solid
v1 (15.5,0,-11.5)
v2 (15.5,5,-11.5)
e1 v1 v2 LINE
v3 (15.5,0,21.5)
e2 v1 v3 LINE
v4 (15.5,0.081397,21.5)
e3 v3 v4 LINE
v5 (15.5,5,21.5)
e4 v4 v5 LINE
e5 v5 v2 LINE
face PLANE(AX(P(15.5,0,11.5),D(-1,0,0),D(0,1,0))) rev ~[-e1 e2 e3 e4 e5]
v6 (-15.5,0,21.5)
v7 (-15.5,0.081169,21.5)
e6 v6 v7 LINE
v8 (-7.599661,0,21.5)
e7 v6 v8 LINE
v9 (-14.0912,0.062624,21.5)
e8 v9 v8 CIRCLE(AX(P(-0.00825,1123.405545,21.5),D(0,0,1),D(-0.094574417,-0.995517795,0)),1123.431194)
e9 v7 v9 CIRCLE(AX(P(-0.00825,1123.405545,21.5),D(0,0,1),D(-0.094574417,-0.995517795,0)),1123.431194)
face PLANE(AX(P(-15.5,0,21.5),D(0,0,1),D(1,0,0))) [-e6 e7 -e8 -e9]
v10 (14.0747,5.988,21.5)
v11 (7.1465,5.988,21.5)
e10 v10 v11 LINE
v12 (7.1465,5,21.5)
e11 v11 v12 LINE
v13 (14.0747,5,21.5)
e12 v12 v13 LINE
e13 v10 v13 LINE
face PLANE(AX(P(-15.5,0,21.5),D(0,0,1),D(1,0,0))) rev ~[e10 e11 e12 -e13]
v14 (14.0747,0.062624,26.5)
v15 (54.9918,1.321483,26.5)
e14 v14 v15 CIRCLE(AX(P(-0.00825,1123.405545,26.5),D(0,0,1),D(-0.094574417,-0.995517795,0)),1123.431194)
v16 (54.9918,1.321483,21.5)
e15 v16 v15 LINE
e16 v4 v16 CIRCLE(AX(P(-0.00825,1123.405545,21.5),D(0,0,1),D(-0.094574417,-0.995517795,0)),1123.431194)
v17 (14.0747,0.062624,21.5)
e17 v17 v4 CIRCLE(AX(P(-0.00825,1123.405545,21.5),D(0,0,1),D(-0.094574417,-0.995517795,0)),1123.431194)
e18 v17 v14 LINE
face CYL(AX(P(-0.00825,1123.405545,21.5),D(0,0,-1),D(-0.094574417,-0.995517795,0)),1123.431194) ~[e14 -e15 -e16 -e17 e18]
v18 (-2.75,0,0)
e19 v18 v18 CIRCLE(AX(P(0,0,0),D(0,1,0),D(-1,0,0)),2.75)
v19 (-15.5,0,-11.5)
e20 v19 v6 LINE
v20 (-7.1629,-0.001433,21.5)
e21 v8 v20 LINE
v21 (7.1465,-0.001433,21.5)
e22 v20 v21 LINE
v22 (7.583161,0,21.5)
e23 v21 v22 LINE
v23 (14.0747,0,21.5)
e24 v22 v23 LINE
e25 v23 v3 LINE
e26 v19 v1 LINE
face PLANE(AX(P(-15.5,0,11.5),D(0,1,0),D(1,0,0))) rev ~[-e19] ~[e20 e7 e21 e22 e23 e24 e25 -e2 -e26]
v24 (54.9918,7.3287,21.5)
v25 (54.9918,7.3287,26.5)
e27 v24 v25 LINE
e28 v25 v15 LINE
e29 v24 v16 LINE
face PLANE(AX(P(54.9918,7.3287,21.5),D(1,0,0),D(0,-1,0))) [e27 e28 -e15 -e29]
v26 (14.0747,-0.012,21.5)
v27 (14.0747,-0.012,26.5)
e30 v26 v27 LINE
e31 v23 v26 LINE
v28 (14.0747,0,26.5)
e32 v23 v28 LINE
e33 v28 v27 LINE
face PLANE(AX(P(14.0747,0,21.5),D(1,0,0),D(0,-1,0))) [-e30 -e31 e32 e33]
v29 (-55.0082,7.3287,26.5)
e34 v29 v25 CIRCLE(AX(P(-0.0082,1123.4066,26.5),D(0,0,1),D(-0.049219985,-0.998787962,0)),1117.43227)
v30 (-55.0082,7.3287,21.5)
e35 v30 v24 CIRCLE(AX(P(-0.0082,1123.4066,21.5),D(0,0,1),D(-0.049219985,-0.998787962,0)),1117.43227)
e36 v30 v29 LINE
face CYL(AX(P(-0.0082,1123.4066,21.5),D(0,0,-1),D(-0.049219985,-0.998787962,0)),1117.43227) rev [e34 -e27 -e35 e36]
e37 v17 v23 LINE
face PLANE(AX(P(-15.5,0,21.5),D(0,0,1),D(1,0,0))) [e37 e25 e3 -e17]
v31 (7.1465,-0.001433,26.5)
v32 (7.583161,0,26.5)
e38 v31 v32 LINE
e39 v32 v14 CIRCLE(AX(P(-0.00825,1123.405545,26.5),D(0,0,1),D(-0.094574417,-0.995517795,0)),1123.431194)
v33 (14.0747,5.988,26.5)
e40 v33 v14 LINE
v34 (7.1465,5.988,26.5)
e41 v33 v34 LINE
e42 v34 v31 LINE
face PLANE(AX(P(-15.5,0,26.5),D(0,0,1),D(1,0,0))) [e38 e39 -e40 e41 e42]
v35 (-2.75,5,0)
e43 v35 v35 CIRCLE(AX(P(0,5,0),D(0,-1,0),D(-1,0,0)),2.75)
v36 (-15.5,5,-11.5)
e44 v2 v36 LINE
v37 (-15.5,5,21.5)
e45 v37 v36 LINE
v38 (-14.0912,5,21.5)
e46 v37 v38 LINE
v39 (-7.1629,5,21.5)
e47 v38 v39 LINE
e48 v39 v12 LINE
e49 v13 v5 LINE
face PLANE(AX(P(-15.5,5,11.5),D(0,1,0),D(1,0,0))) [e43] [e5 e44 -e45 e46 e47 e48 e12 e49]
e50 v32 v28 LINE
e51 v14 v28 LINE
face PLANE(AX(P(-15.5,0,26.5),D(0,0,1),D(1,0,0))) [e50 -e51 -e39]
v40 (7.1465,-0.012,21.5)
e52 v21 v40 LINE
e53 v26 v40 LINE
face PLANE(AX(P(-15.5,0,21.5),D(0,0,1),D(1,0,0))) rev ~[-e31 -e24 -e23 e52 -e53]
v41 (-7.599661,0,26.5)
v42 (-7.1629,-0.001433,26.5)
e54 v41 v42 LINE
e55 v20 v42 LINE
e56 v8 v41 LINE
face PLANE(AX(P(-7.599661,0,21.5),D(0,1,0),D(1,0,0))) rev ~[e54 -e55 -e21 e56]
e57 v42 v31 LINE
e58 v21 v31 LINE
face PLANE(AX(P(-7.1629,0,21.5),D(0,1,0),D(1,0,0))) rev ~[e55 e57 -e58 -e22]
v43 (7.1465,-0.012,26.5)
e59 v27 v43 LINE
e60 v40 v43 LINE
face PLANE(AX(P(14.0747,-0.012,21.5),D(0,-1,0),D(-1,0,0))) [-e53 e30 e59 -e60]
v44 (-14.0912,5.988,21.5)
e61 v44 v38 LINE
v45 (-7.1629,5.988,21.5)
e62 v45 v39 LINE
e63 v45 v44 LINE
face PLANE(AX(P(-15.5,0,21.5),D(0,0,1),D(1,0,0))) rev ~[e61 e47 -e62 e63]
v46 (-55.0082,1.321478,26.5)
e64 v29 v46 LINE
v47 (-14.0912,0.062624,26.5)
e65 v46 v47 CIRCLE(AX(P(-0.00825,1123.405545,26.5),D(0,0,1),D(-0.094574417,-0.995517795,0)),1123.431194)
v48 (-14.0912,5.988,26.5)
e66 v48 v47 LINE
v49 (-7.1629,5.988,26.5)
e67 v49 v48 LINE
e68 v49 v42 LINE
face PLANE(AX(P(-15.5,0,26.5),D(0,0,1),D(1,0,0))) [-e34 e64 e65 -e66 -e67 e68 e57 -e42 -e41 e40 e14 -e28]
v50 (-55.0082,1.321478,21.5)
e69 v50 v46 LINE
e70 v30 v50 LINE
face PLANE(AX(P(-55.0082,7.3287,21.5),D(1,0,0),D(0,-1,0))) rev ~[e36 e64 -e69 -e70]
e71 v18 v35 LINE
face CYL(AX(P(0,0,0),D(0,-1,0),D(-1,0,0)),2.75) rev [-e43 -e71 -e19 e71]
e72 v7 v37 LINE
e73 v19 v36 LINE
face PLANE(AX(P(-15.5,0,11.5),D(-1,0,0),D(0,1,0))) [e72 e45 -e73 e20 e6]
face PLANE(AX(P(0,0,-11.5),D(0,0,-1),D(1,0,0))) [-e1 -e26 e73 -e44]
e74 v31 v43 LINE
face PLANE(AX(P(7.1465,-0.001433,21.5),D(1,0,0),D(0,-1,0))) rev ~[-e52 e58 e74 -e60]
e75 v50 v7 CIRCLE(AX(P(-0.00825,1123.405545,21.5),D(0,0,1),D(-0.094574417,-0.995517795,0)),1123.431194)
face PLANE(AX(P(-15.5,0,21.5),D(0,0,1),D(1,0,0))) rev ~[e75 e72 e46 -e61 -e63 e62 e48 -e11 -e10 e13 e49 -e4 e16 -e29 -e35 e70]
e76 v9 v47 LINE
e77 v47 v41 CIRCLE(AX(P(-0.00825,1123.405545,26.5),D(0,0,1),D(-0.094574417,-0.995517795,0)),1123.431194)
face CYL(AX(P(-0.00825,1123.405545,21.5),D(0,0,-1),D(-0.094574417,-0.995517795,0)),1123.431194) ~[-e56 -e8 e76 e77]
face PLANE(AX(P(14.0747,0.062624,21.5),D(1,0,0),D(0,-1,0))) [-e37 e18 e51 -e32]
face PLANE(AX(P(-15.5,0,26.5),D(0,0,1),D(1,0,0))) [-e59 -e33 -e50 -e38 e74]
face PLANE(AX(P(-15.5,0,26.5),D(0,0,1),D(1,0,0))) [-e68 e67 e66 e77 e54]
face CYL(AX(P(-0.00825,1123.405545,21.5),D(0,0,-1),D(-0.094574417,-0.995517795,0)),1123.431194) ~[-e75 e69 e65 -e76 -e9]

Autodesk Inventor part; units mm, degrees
ref_plane "YZ-Ebene" through (0, 0, 0) normal (1, 0, 0) x (0, 1, 0)
ref_plane "XZ-Ebene" through (0, 0, 0) normal (0, 1, 0) x (-1, 0, 0)
ref_plane "XY-Ebene" through (0, 0, 0) normal (0, 0, 1) x (1, 0, 0)
sketch "Skizze1" plane through (0, 0, 0) normal (0, 1, 0) x (-1, 0, 0)
  line L0 (-15.5, 11.5) -> (15.5, 11.5)
  line L1 (15.5, 11.5) -> (15.5, -11.5)
  line L2 (15.5, -11.5) -> (-15.5, -11.5)
  line L3 (-15.5, -11.5) -> (-15.5, 11.5)
  line L4 (148.7552, 0) -> (-148.7387, 0) projected
  line L5 (0, -18.1) -> (0, 28.1) projected
  line L6 (0, -11.5) -> (0, 11.5)
  circle A0 centre (0, 0) radius 2.75
  dimension "d0" = 23
  dimension "d1" = 31
  dimension "d3" = 5.5
extrude "Extrusion1" add sketch "Skizze1" along normal blind 5 contours L0 L5 A0 L4 L3 | L0 L1 L4 A0 L5 | L4 A0 L5 L2 L3 | L1 L2 L5 A0 L4
sketch "Skizze2" plane through (-15.5, 0, 11.5) normal (0, 0, 1) x (1, 0, 0)
  line L0 (0, 0) -> (31, 0) projected
  line L1 (31, 0) -> (31, 5) projected
  line L2 (0, 5) -> (31, 5) projected
  line L3 (0, 0) -> (0, 5) projected
  line L4 (0, 0) -> (31, 0) projected
  line L5 (31, 0) -> (31, 5) projected
  line L6 (0, 5) -> (31, 5) projected
  line L7 (0, 0) -> (0, 5) projected
  point P0 (15.5, 0)
extrude "Extrusion2" add sketch "Skizze2" along normal blind 10
sketch "Skizze3" plane through (-15.5, 0, 21.5) normal (0, 0, 1) x (1, 0, 0)
  line L0 (0, 0) -> (31, 0) projected
  arc A0 (-90.0082, 12.8816) -> (120.9918, 12.8816) centre (15.4918, 1123.4066) ccw
  line L1 (8.3371, 5.988) -> (1.4088, 5.988)
  line L2 (1.4088, 5.988) -> (1.4088, -0.012)
  line L3 (8.3371, -0.012) -> (1.4088, -0.012)
  line L4 (8.3371, 5.988) -> (8.3371, -0.012)
  line L5 (29.5747, 5.988) -> (22.6465, 5.988)
  line L6 (22.6465, 5.988) -> (22.6465, -0.012)
  line L7 (29.5747, -0.012) -> (22.6465, -0.012)
  line L8 (29.5747, 5.988) -> (29.5747, -0.012)
  line L9 (70.4918, 10.8726) -> (70.4918, -5.7752)
  line L10 (-39.5082, 12.8816) -> (-39.5082, -5.1111)
  arc A1 (-39.5082, 7.3287) -> (70.4918, 7.3287) centre (15.4918, 1123.4066) ccw
  arc A2 (-90.7561, 5.0098) -> (121.7396, 5.0098) centre (15.4918, 1123.4066) ccw
  line L11 (8.3371, 5.988) -> (1.4088, 5.988)
  line L12 (1.4088, 5.988) -> (1.4088, -0.012)
  line L13 (8.3371, -0.012) -> (1.4088, -0.012)
  line L14 (8.3371, 5.988) -> (8.3371, -0.012)
  point P0 (15.5, 0)
  point P1 (15.4918, 5.988)
  point P2 (-39.5082, 6.6061)
  point P3 (70.4918, 1.3214)
  point P4 (-39.5082, 1.3214)
  point P5 (7.8951, 0)
  point P6 (22.6465, 0)
  point P7 (29.5747, 0.0626)
  dimension "d9" = 6
  dimension "d10" = 110
extrude "Extrusion3" add sketch "Skizze3" along normal blind 5 contours A2 L2 L1 L4 L0 | A2 L10 A1 L9 L8 L5 L6 L0 L4 L1 L2 | L6 L5 L8 A2 L0 | L0 L8 L7 L6 | A2 L8 L0
properties part number "01-06 Absicherung Box"
